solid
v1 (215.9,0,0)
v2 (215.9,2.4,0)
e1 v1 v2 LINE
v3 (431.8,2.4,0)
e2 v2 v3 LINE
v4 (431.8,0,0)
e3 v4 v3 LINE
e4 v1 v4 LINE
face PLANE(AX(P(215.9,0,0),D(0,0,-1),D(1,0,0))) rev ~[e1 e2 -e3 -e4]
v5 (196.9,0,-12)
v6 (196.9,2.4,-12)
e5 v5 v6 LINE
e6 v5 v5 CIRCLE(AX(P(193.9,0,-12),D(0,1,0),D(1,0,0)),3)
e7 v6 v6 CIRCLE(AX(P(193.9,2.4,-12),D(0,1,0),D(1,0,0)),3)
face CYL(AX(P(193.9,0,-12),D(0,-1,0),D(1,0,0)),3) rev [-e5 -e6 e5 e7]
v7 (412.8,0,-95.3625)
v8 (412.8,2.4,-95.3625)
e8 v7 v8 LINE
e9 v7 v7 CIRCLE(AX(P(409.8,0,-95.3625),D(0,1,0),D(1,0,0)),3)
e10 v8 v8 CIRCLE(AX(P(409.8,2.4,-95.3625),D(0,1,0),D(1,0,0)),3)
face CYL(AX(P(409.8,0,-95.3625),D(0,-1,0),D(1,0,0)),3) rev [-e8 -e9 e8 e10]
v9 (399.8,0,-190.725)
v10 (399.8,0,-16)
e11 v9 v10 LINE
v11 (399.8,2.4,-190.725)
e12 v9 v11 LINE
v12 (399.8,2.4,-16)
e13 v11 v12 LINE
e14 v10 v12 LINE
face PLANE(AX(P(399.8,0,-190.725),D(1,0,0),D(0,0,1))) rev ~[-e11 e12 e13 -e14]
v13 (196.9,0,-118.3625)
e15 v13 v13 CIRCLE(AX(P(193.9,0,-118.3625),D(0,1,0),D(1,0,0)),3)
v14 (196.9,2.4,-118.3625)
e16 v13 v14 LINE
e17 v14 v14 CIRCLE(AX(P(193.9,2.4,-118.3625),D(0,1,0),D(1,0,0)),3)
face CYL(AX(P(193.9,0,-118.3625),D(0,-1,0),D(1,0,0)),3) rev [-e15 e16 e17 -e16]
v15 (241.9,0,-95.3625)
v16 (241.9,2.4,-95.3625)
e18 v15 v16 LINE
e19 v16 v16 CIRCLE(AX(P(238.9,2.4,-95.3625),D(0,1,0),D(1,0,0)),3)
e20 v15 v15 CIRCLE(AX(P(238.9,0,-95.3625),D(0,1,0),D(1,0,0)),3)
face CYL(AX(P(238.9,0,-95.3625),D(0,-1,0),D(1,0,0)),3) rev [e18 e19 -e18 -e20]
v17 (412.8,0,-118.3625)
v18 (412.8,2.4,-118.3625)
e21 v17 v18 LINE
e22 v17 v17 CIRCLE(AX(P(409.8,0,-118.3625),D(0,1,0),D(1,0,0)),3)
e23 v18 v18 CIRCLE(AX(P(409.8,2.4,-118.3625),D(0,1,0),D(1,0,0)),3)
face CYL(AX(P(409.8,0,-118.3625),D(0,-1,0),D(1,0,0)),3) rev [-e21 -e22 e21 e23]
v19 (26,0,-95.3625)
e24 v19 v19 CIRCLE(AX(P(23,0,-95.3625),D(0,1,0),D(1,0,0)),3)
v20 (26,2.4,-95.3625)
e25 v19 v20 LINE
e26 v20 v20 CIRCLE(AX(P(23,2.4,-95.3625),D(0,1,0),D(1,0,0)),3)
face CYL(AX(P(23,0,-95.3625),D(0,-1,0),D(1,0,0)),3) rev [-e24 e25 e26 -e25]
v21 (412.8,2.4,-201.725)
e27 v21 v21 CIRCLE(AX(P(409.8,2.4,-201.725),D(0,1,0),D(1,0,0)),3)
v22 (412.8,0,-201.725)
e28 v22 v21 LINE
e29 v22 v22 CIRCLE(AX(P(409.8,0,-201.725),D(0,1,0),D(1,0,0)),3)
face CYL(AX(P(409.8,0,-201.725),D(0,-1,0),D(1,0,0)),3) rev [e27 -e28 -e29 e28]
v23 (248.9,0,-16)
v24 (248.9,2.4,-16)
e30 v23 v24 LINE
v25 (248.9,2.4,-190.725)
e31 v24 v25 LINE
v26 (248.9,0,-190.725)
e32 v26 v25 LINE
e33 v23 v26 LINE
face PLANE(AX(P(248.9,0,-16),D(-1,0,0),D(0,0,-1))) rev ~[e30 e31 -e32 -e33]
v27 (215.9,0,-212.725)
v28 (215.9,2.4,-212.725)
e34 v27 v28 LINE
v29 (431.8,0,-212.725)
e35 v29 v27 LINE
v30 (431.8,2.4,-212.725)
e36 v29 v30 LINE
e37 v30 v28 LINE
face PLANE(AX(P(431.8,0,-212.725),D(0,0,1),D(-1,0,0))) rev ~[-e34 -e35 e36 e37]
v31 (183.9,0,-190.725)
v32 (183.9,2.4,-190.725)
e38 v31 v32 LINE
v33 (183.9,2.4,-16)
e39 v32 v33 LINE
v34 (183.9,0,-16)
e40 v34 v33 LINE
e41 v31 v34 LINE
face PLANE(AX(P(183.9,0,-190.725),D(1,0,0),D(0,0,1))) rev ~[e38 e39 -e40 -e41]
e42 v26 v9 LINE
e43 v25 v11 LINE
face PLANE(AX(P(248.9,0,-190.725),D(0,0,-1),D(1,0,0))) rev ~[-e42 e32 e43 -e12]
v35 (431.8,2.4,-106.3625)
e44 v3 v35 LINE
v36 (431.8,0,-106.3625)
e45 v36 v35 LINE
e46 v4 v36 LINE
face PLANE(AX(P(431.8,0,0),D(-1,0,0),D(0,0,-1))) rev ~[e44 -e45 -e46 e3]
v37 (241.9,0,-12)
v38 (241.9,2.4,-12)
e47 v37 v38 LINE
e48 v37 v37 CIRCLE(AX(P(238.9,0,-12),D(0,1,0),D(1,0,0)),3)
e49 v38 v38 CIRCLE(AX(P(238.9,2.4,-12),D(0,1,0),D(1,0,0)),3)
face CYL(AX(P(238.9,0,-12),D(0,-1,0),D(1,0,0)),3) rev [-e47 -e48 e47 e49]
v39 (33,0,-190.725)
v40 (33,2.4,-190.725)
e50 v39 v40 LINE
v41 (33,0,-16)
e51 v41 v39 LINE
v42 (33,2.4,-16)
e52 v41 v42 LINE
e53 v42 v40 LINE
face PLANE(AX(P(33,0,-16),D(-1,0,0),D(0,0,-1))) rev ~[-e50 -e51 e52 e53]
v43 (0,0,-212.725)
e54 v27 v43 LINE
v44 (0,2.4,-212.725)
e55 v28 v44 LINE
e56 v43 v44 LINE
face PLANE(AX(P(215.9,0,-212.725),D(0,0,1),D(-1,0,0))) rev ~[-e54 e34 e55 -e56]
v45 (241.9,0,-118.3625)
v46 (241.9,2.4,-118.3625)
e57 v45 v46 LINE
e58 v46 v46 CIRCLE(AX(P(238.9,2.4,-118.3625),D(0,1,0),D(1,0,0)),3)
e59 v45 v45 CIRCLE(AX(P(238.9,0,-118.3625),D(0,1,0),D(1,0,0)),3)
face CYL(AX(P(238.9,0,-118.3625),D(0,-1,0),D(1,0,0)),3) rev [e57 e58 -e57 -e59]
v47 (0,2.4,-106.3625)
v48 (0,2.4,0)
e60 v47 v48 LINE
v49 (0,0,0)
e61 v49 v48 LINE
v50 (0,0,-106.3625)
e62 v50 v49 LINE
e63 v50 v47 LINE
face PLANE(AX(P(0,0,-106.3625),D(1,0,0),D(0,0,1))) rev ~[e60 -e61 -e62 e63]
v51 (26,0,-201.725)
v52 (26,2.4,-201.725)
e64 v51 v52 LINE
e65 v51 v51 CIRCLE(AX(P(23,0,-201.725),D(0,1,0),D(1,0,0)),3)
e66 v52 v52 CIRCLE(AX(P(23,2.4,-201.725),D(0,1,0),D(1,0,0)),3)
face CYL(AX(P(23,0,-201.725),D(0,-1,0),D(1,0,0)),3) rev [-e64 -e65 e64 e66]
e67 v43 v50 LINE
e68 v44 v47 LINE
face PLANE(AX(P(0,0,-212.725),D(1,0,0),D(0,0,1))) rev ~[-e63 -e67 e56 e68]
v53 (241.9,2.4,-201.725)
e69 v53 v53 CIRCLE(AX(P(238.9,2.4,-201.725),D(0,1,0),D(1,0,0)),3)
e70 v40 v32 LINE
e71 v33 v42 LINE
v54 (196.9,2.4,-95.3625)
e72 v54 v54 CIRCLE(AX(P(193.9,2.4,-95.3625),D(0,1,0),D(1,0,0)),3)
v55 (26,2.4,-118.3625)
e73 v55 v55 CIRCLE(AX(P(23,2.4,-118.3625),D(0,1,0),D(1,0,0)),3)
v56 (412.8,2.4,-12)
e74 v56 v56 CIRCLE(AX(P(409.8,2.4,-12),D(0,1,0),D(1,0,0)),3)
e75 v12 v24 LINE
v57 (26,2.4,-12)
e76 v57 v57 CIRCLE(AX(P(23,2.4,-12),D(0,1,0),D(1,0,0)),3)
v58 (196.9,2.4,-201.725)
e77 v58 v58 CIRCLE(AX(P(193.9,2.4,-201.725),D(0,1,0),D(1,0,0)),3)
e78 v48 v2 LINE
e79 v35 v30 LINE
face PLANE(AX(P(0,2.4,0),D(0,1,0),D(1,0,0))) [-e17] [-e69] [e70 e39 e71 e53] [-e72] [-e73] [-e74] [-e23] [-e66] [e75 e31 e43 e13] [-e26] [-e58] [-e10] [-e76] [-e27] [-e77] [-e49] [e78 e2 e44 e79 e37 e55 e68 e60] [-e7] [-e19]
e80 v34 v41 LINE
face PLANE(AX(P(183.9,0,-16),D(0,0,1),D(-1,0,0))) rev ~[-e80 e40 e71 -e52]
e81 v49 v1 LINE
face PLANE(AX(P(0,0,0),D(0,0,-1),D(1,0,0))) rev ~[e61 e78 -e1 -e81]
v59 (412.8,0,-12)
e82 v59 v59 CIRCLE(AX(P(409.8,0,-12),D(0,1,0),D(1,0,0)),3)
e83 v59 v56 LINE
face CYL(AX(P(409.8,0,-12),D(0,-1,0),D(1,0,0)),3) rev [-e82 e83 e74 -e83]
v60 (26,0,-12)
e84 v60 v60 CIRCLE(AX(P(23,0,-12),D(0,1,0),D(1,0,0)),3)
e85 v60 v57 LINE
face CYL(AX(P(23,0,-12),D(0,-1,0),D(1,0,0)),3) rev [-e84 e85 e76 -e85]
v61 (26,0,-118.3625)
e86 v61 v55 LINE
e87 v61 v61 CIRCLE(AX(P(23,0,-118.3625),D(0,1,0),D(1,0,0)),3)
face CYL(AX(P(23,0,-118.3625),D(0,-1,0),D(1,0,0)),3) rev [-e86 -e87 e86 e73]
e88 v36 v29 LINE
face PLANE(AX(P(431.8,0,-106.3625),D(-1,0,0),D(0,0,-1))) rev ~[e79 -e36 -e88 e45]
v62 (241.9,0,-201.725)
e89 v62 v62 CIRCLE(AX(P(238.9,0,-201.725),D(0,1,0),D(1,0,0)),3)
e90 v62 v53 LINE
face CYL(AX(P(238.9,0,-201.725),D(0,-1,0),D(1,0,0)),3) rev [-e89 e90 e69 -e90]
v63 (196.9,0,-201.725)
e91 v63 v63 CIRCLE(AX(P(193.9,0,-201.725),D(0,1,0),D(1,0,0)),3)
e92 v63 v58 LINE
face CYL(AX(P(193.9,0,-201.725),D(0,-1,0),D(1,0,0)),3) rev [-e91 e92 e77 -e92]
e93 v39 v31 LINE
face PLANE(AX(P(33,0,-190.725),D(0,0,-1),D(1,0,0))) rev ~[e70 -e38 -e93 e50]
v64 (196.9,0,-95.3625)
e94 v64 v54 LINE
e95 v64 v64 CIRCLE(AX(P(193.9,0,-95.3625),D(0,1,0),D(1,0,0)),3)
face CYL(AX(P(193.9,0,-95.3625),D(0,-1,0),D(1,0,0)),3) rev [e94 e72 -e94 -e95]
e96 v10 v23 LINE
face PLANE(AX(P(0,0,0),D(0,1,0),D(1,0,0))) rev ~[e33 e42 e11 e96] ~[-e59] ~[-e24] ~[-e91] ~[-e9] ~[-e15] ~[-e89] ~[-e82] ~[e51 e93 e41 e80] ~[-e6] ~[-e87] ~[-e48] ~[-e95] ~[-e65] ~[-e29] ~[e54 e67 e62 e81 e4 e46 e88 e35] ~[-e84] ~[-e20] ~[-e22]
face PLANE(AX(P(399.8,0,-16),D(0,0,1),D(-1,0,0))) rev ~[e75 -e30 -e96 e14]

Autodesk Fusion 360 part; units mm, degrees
sketch "Sketch1" plane through (0, 0, 0) normal (0, 1, 0) x (1, 0, 0)
  line L0 (0, 0) -> (215.9, 0)
  line L1 (215.9, 0) -> (215.9, 106.3625) construction
  line L2 (215.9, 106.3625) -> (0, 106.3625) construction
  line L3 (0, 106.3625) -> (0, 0)
  line L4 (23, 12) -> (193.9, 12) construction
  line L5 (193.9, 12) -> (193.9, 95.3625) construction
  line L6 (193.9, 95.3625) -> (23, 95.3625) construction
  line L7 (23, 95.3625) -> (23, 12) construction
  circle A0 centre (23, 95.3625) radius 3
  circle A1 centre (23, 12) radius 3
  circle A2 centre (193.9, 12) radius 3
  circle A3 centre (193.9, 95.3625) radius 3
  line L8 (431.8, 0) -> (431.8, 106.3625)
  line L9 (215.9, 0) -> (431.8, 0)
  line L10 (431.8, 106.3625) -> (215.9, 106.3625) construction
  line L11 (215.9, 106.3625) -> (215.9, 0) construction
  line L12 (409.8, 12) -> (409.8, 95.3625) construction
  line L13 (409.8, 95.3625) -> (238.9, 95.3625) construction
  circle A4 centre (409.8, 95.3625) radius 3
  circle A5 centre (238.9, 95.3625) radius 3
  circle A6 centre (409.8, 12) radius 3
  line L14 (238.9, 95.3625) -> (238.9, 12) construction
  line L15 (238.9, 12) -> (409.8, 12) construction
  circle A7 centre (238.9, 12) radius 3
  line L16 (215.9, 106.3625) -> (215.9, 212.725) construction
  line L17 (0, 106.3625) -> (215.9, 106.3625) construction
  line L18 (215.9, 212.725) -> (0, 212.725)
  line L19 (0, 212.725) -> (0, 106.3625)
  line L20 (193.9, 118.3625) -> (193.9, 201.725) construction
  line L21 (193.9, 201.725) -> (23, 201.725) construction
  circle A8 centre (193.9, 201.725) radius 3
  circle A9 centre (23, 201.725) radius 3
  circle A10 centre (193.9, 118.3625) radius 3
  line L22 (23, 201.725) -> (23, 118.3625) construction
  line L23 (23, 118.3625) -> (193.9, 118.3625) construction
  circle A11 centre (23, 118.3625) radius 3
  line L24 (431.8, 106.3625) -> (431.8, 212.725)
  line L25 (215.9, 106.3625) -> (431.8, 106.3625) construction
  line L26 (431.8, 212.725) -> (215.9, 212.725)
  line L27 (215.9, 212.725) -> (215.9, 106.3625) construction
  line L28 (409.8, 118.3625) -> (409.8, 201.725) construction
  line L29 (409.8, 201.725) -> (238.9, 201.725) construction
  circle A12 centre (409.8, 201.725) radius 3
  circle A13 centre (238.9, 201.725) radius 3
  circle A14 centre (409.8, 118.3625) radius 3
  line L30 (238.9, 201.725) -> (238.9, 118.3625) construction
  line L31 (238.9, 118.3625) -> (409.8, 118.3625) construction
  circle A15 centre (238.9, 118.3625) radius 3
  line L32 (33, 190.725) -> (183.9, 190.725)
  line L33 (183.9, 190.725) -> (183.9, 16)
  line L34 (183.9, 16) -> (33, 16)
  line L35 (33, 16) -> (33, 190.725)
  line L36 (248.9, 190.725) -> (399.8, 190.725)
  line L37 (399.8, 190.725) -> (399.8, 16)
  line L38 (399.8, 16) -> (248.9, 16)
  line L39 (248.9, 16) -> (248.9, 190.725)
  point P0 (215.9, 0)
  point P1 (0, 106.3625)
  point P2 (215.9, 106.3625)
  dimension "d35" = 106.3625
  dimension "d36" = 215.9
  dimension "d37" = 23
  dimension "d38" = 11
  dimension "d39" = 12
  dimension "d40" = 22
  dimension "d41" = 6
  dimension "d42" = 6
  dimension "d43" = 6
  dimension "d44" = 6
  dimension "d47" = 215.9
  dimension "d48" = 106.3625
  dimension "d49" = 10
  dimension "d51" = 11
  dimension "d52" = 4
  dimension "d53" = 10
  dimension "d54" = 10
  dimension "d55" = 11
  dimension "d56" = 10
  dimension "d57" = 4
extrude "Extrude1" add sketch "Sketch1" along normal blind 2.4
sketch "export" plane through (0, 2.4, 0) normal (0, 1, 0) x (-1, 0, 0)
  circle A0 centre (-23, -12) radius 3
  circle A1 centre (-23, -118.3625) radius 3
  line L0 (-399.8, -16) -> (-248.9, -16)
  line L1 (-248.9, -16) -> (-248.9, -190.725)
  line L2 (-248.9, -190.725) -> (-399.8, -190.725)
  line L3 (-399.8, -190.725) -> (-399.8, -16)
  circle A2 centre (-193.9, -12) radius 3
  circle A3 centre (-409.8, -118.3625) radius 3
  circle A4 centre (-23, -95.3625) radius 3
  circle A5 centre (-238.9, -201.725) radius 3
  circle A6 centre (-409.8, -201.725) radius 3
  circle A7 centre (-238.9, -118.3625) radius 3
  circle A8 centre (-23, -201.725) radius 3
  circle A9 centre (-193.9, -118.3625) radius 3
  line L4 (-183.9, -16) -> (-33, -16)
  line L5 (-33, -16) -> (-33, -190.725)
  line L6 (-33, -190.725) -> (-183.9, -190.725)
  line L7 (-183.9, -190.725) -> (-183.9, -16)
  circle A10 centre (-193.9, -95.3625) radius 3
  circle A11 centre (-193.9, -201.725) radius 3
  circle A12 centre (-409.8, -95.3625) radius 3
  circle A13 centre (-238.9, -12) radius 3
  circle A14 centre (-409.8, -12) radius 3
  circle A15 centre (-238.9, -95.3625) radius 3
  line L8 (-431.8, -212.725) -> (0, -212.725)
  line L9 (0, -212.725) -> (0, 0)
  line L10 (0, 0) -> (-431.8, 0)
  line L11 (-431.8, 0) -> (-431.8, -212.725)
equation "d35 = 8.375 in / 2"
equation "d36 = 17 in / 2"
equation "d42 = d41"
equation "d43 = d41"
equation "d44 = d41"
equation "d51 = d38"
equation "d52 = d51 - 7 mm"
equation "d53 = d49"
equation "d54 = d53"
equation "d55 = d51"
equation "d56 = d54"
equation "d57 = d52"
